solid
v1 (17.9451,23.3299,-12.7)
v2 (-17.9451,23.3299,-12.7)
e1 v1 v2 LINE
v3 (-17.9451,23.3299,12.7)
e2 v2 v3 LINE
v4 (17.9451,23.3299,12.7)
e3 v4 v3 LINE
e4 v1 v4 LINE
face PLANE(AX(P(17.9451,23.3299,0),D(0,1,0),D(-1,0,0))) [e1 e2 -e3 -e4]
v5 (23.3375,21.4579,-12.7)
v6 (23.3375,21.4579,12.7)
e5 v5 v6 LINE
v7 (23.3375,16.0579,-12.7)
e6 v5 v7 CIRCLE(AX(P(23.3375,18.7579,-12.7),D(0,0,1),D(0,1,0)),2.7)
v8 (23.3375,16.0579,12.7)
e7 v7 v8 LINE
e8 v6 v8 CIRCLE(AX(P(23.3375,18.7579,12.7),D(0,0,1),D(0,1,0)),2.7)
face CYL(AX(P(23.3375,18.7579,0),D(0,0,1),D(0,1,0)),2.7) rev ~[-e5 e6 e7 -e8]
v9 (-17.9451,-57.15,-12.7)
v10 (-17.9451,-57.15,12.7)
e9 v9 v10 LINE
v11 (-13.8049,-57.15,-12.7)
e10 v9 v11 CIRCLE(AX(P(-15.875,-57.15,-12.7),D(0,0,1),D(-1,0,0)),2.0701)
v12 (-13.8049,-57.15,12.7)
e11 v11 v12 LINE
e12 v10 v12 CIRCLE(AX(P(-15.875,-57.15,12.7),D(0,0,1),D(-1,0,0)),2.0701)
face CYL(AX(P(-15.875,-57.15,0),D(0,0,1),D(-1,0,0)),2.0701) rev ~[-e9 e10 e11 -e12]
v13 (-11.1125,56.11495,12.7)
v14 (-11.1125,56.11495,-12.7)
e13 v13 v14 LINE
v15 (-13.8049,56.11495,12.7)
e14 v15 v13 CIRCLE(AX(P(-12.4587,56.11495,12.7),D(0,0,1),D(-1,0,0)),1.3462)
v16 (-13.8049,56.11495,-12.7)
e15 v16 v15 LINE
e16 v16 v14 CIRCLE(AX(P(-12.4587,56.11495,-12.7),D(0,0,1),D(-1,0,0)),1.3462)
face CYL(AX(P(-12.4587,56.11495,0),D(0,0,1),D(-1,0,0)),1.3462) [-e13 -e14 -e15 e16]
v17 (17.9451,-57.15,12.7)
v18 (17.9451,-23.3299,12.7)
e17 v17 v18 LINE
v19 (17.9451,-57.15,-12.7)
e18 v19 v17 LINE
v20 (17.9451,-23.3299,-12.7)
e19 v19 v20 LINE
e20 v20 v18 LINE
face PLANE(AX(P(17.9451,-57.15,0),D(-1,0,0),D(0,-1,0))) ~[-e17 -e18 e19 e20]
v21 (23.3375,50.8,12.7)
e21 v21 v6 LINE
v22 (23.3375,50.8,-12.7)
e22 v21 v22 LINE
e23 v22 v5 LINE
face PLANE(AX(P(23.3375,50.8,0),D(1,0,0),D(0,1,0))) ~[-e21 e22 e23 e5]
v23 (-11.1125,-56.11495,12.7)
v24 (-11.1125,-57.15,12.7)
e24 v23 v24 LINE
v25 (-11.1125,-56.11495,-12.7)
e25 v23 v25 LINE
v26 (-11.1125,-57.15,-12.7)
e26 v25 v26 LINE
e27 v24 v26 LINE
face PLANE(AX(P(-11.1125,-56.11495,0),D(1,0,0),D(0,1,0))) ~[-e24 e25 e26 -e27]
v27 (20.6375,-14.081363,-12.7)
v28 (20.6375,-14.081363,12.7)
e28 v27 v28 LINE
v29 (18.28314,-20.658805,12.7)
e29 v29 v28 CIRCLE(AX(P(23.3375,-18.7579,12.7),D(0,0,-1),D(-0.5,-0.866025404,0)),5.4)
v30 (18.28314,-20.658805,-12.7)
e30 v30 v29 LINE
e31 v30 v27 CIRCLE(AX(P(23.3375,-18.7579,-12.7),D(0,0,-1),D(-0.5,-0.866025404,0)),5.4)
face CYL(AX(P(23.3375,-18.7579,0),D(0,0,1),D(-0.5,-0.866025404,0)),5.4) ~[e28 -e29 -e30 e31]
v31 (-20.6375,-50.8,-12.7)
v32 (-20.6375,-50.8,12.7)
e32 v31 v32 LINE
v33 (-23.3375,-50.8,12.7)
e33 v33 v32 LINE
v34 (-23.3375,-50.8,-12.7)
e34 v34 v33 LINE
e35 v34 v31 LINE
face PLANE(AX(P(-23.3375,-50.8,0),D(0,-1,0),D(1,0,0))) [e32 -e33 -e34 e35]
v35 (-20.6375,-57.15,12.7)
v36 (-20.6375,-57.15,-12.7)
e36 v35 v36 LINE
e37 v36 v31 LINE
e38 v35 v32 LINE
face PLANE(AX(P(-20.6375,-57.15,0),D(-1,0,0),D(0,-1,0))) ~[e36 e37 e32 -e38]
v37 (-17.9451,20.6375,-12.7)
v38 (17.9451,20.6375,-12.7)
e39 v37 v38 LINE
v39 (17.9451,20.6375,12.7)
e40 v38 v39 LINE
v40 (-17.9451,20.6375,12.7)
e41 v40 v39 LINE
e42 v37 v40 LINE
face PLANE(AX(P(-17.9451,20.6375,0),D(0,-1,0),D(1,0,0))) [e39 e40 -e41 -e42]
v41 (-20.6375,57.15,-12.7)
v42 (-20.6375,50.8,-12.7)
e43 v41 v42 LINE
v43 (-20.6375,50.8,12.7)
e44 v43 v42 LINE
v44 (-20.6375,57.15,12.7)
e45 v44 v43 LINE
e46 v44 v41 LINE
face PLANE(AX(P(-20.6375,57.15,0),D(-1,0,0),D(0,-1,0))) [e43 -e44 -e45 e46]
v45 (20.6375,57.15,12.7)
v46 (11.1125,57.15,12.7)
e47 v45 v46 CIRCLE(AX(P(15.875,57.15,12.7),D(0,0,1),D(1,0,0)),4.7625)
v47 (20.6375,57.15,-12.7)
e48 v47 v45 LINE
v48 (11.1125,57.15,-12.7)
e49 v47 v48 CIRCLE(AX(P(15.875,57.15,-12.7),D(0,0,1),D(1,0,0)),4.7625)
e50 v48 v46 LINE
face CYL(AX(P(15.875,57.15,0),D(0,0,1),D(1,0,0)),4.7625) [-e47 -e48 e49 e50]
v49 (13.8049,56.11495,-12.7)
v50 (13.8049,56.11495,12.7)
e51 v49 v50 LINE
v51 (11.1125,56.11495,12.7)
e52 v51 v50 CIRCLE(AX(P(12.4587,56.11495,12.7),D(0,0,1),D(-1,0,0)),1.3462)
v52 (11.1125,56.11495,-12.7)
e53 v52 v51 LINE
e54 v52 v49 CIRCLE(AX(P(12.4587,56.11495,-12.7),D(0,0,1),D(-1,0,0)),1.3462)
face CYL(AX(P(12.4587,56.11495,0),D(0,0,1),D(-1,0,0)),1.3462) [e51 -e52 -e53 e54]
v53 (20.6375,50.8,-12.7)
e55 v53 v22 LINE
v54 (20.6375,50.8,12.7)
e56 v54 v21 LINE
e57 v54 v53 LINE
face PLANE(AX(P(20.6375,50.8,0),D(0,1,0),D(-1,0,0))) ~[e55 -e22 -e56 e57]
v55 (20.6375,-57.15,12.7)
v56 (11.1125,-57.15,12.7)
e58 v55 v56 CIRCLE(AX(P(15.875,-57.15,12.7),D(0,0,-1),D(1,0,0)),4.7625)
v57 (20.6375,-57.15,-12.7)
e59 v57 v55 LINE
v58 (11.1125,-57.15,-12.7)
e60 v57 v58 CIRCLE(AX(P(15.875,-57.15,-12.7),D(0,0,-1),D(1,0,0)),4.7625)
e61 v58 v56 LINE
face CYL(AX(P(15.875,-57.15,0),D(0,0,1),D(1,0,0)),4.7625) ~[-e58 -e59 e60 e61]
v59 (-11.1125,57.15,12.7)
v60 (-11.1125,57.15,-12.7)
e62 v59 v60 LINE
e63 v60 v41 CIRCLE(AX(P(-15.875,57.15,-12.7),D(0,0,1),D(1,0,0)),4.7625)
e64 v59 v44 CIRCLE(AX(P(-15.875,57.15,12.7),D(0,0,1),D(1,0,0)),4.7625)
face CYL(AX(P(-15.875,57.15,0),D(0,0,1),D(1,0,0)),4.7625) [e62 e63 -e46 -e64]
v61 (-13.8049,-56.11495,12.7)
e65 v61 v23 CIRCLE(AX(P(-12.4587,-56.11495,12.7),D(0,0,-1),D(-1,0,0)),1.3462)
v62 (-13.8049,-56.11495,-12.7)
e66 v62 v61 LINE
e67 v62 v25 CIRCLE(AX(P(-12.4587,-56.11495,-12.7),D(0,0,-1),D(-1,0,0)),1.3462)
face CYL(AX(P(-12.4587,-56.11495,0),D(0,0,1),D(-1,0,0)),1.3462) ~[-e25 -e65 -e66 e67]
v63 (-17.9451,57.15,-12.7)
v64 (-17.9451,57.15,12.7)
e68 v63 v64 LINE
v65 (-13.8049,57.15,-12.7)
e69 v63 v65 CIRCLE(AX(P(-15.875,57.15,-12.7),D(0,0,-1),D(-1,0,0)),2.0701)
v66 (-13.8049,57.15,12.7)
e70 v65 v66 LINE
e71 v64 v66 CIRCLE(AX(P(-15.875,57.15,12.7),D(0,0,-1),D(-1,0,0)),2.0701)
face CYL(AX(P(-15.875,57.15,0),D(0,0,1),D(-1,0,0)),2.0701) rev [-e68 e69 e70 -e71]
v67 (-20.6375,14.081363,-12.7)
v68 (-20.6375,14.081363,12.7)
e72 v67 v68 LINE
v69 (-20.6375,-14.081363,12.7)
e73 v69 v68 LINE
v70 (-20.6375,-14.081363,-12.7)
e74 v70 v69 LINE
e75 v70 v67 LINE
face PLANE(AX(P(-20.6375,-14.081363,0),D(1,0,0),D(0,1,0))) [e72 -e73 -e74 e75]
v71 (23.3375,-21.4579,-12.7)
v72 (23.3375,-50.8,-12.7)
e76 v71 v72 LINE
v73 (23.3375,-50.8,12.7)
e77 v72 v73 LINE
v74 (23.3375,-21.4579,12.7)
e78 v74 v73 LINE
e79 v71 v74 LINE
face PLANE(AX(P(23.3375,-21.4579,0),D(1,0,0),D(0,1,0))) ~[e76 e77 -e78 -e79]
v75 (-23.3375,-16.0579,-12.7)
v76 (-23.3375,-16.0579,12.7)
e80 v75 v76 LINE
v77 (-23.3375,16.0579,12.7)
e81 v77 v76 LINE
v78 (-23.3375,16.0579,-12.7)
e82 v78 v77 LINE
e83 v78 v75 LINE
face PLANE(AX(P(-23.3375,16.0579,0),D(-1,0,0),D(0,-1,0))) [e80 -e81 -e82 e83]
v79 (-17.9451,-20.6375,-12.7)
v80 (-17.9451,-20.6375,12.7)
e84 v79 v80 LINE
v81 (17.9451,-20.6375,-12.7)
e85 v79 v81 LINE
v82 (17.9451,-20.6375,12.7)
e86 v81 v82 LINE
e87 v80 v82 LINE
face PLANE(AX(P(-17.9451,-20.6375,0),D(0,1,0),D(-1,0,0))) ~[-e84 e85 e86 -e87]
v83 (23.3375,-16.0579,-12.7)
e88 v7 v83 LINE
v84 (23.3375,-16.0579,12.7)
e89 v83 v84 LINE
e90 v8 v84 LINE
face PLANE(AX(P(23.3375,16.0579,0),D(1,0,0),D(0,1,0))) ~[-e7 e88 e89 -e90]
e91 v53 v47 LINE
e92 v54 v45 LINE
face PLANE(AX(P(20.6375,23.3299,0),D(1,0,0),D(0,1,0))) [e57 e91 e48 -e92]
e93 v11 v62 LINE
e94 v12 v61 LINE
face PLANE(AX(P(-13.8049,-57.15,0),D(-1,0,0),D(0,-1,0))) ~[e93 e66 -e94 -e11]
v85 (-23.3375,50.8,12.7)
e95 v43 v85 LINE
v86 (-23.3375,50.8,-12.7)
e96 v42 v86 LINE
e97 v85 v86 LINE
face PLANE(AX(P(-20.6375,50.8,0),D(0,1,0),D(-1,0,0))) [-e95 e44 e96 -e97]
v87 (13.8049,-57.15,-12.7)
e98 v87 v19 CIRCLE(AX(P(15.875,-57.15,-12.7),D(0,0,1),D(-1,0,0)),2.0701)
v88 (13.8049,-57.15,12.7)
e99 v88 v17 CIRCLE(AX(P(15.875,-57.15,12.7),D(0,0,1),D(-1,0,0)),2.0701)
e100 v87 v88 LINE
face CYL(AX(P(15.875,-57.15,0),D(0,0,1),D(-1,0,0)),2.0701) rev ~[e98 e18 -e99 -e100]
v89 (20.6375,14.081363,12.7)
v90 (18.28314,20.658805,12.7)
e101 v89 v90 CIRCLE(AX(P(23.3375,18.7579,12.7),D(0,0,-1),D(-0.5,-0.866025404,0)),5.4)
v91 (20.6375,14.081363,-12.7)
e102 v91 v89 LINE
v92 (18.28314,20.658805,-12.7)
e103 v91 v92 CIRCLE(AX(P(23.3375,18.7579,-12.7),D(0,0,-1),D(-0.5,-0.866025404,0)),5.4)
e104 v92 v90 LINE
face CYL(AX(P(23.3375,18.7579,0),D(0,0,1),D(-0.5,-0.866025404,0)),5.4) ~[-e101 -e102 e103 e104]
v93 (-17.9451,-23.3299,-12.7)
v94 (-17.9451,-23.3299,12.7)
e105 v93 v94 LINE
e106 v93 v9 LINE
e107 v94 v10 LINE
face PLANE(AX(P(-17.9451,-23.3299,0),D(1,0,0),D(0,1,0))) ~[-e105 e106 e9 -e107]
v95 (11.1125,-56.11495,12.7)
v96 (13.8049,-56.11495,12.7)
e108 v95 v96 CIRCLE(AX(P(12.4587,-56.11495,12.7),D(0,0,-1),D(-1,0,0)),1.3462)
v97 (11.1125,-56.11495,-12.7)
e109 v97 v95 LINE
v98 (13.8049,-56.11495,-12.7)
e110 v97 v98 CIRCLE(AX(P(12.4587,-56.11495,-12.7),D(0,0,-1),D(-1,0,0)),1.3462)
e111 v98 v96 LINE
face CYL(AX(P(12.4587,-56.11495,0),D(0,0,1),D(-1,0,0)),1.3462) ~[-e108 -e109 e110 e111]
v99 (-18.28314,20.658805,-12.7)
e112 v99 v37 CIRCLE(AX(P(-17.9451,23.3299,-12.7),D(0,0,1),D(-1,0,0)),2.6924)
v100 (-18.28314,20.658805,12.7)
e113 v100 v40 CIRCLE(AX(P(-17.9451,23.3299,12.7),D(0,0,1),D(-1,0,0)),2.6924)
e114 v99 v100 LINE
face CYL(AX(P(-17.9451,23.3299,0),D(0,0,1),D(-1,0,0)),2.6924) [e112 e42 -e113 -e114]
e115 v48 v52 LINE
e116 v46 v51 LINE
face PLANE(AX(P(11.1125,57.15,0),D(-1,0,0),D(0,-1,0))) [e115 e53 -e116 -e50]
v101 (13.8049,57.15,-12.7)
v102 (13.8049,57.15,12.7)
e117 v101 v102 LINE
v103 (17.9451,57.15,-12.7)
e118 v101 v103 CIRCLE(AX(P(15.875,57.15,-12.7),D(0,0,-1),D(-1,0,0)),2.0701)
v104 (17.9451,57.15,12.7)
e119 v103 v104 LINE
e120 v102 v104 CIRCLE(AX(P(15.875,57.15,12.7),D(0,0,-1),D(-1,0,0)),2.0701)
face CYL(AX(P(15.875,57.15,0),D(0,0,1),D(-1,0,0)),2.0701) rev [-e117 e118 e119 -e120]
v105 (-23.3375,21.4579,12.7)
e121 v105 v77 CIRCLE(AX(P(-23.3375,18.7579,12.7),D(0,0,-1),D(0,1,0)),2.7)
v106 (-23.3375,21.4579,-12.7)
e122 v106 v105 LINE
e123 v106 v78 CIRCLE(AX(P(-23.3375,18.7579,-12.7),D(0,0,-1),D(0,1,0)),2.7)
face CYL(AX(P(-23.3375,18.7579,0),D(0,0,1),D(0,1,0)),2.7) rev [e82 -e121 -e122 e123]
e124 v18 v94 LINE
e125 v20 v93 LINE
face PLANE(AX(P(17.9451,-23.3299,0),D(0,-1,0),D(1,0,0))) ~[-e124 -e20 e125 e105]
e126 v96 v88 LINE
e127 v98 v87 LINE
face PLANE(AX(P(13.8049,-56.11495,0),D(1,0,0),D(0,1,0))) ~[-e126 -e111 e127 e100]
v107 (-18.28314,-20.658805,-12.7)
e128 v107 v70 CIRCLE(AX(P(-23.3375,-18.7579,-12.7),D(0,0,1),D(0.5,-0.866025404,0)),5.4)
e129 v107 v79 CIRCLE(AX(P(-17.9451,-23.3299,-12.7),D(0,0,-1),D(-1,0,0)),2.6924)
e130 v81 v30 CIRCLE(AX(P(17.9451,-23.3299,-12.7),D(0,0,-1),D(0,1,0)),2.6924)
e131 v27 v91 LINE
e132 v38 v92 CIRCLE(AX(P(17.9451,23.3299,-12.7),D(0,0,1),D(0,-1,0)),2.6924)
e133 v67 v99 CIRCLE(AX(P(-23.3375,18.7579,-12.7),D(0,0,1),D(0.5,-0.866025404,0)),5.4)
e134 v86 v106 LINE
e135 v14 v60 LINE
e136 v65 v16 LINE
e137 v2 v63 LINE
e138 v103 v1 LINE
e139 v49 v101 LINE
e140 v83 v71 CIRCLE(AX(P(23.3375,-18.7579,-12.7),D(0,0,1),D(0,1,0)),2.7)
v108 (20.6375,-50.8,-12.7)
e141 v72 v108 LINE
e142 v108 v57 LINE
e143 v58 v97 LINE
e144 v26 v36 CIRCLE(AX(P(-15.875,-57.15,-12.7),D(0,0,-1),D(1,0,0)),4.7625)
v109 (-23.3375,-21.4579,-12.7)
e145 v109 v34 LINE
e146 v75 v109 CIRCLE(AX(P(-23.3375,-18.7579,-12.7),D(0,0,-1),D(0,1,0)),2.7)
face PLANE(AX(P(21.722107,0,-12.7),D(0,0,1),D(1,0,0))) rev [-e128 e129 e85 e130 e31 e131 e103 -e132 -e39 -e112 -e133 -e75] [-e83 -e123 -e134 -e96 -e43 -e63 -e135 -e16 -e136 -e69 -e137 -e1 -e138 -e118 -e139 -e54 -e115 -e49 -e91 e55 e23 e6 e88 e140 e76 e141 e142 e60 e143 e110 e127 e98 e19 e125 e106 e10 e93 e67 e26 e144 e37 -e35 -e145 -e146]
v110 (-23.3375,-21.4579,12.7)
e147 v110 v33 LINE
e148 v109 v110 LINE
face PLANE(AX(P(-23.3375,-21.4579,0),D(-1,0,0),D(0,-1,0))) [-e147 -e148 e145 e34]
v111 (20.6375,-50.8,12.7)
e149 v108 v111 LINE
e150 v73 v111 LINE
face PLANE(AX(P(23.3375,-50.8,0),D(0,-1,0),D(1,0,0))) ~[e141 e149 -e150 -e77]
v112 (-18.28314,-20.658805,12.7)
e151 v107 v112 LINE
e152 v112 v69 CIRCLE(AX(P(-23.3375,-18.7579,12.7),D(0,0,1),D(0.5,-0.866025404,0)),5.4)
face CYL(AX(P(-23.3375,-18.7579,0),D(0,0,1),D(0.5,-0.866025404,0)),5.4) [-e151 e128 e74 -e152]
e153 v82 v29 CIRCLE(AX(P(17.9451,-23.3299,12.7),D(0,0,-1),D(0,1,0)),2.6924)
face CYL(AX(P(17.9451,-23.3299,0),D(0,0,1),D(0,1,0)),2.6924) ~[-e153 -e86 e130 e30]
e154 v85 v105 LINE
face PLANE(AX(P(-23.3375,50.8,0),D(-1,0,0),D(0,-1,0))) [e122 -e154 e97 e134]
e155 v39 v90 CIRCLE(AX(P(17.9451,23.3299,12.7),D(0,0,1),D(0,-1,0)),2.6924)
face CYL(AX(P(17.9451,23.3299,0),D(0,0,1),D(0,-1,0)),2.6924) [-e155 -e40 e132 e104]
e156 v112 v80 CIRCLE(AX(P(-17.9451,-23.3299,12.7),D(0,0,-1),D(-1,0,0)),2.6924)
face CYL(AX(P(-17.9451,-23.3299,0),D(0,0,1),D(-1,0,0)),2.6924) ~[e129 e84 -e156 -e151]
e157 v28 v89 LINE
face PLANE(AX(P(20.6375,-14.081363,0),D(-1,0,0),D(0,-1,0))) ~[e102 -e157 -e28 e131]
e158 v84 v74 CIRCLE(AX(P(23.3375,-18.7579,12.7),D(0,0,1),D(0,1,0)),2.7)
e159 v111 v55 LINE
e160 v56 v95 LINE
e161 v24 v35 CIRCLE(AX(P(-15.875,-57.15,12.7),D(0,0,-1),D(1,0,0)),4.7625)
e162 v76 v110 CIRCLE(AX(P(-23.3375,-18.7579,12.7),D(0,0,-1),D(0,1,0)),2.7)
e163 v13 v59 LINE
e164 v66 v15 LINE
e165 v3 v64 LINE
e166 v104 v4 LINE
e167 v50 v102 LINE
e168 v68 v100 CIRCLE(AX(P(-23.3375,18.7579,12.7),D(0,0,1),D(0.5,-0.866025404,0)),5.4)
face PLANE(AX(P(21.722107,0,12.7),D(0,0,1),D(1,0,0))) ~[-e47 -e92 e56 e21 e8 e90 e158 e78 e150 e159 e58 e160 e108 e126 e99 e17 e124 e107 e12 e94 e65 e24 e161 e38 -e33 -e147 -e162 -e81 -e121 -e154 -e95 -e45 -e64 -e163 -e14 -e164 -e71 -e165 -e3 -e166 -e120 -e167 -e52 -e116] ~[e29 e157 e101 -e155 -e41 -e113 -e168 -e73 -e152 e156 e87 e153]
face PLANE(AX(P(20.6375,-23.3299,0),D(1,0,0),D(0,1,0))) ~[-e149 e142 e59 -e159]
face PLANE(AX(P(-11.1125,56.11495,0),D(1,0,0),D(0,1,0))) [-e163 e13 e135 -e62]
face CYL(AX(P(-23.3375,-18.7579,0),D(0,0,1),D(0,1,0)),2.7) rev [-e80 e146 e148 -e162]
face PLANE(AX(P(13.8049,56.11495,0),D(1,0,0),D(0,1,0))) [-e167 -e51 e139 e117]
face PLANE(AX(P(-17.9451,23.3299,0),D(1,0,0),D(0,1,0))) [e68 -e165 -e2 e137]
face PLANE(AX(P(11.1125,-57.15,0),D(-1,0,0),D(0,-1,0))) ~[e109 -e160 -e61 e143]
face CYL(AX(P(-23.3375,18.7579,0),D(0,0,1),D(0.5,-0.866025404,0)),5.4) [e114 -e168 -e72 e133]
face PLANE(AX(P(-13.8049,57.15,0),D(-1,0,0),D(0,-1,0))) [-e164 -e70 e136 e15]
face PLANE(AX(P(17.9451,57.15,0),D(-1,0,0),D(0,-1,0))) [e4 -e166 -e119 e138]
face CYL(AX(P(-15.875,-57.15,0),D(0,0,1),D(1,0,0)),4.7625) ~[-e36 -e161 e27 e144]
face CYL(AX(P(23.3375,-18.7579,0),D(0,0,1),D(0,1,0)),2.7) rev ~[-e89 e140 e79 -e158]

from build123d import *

# Parameters (mm, degrees)
BASE_EXTRUDE_DEPTH  = 12.7
BOSS_EXTRUDE1_DEPTH = 12.7


with BuildPart() as part:
    # Sketch1 → Base-Extrude (new, symmetric)
    with BuildSketch(Plane(origin=(0, 33.02, 0), x_dir=(1, 0, 0), z_dir=(0, 0, 1))):
        with BuildLine():
            Line((-20.6375, 24.13), (-20.6375, -9.6901))
            ThreePointArc((-20.6375, -9.6901), (-19.848914298, -11.593914298), (-17.9451, -12.3825))
            Line((-17.9451, -12.3825), (17.9451, -12.3825))
            ThreePointArc((17.9451, -12.3825), (19.848914298, -11.593914298), (20.6375, -9.6901))
            Line((20.6375, -9.6901), (20.6375, 24.13))
            ThreePointArc((20.6375, 24.13), (15.875, 28.8925), (11.1125, 24.13))
            Line((11.1125, 24.13), (11.1125, 23.09495))
            ThreePointArc((11.1125, 23.09495), (12.4587, 21.74875), (13.8049, 23.09495))
            Line((13.8049, 23.09495), (13.8049, 24.13))
            ThreePointArc((13.8049, 24.13), (15.875, 26.2001), (17.9451, 24.13))
            Line((17.9451, 24.13), (17.9451, -9.6901))
            Line((17.9451, -9.6901), (-17.9451, -9.6901))
            Line((-17.9451, -9.6901), (-17.9451, 24.13))
            ThreePointArc((-17.9451, 24.13), (-15.875, 26.2001), (-13.8049, 24.13))
            Line((-13.8049, 24.13), (-13.8049, 23.09495))
            ThreePointArc((-13.8049, 23.09495), (-12.4587, 21.74875), (-11.1125, 23.09495))
            Line((-11.1125, 23.09495), (-11.1125, 24.13))
            ThreePointArc((-11.1125, 24.13), (-15.875, 28.8925), (-20.6375, 24.13))
        make_face()
    base_extrude = extrude(amount=BASE_EXTRUDE_DEPTH, both=True)

    # Sketch2 → Boss-Extrude1 (add, symmetric)
    with BuildSketch(Plane.XY):
        with BuildLine():
            Line((-23.337499985, 50.8), (-23.337499985, 21.457899985))
            ThreePointArc((-23.337499985, 21.457899985), (-20.6375, 18.7579), (-23.337499985, 16.057900015))
            Line((-23.337499985, 16.057900015), (-23.337499985, -16.057900015))
            ThreePointArc((-23.337499985, -16.057900015), (-20.6375, -18.7579), (-23.337499985, -21.457899985))
            Line((-23.337499985, -21.457899985), (-23.337499985, -50.8))
            Line((-23.337499985, -50.8), (-20.6375, -50.8))
            Line((-20.6375, -50.8), (-20.6375, -23.434437154))
            ThreePointArc((-20.6375, -23.434437154), (-17.937500015, -18.7579), (-20.6375, -14.081362846))
            Line((-20.6375, -14.081362846), (-20.6375, 14.081362846))
            ThreePointArc((-20.6375, 14.081362846), (-17.937500015, 18.7579), (-20.6375, 23.434437154))
            Line((-20.6375, 23.434437154), (-20.6375, 50.8))
            Line((-20.6375, 50.8), (-23.337499985, 50.8))
        make_face()
    boss_extrude1 = extrude(amount=BOSS_EXTRUDE1_DEPTH, both=True)

    # Mirror1: Base-Extrude across plane
    add(base_extrude.mirror(Plane.ZX))

    # Mirror2: Boss-Extrude1 across plane
    add(boss_extrude1.mirror(Plane(origin=(0, 0, 0), x_dir=(0, 0, 1), z_dir=(1, 0, 0))))


solid = part.part
